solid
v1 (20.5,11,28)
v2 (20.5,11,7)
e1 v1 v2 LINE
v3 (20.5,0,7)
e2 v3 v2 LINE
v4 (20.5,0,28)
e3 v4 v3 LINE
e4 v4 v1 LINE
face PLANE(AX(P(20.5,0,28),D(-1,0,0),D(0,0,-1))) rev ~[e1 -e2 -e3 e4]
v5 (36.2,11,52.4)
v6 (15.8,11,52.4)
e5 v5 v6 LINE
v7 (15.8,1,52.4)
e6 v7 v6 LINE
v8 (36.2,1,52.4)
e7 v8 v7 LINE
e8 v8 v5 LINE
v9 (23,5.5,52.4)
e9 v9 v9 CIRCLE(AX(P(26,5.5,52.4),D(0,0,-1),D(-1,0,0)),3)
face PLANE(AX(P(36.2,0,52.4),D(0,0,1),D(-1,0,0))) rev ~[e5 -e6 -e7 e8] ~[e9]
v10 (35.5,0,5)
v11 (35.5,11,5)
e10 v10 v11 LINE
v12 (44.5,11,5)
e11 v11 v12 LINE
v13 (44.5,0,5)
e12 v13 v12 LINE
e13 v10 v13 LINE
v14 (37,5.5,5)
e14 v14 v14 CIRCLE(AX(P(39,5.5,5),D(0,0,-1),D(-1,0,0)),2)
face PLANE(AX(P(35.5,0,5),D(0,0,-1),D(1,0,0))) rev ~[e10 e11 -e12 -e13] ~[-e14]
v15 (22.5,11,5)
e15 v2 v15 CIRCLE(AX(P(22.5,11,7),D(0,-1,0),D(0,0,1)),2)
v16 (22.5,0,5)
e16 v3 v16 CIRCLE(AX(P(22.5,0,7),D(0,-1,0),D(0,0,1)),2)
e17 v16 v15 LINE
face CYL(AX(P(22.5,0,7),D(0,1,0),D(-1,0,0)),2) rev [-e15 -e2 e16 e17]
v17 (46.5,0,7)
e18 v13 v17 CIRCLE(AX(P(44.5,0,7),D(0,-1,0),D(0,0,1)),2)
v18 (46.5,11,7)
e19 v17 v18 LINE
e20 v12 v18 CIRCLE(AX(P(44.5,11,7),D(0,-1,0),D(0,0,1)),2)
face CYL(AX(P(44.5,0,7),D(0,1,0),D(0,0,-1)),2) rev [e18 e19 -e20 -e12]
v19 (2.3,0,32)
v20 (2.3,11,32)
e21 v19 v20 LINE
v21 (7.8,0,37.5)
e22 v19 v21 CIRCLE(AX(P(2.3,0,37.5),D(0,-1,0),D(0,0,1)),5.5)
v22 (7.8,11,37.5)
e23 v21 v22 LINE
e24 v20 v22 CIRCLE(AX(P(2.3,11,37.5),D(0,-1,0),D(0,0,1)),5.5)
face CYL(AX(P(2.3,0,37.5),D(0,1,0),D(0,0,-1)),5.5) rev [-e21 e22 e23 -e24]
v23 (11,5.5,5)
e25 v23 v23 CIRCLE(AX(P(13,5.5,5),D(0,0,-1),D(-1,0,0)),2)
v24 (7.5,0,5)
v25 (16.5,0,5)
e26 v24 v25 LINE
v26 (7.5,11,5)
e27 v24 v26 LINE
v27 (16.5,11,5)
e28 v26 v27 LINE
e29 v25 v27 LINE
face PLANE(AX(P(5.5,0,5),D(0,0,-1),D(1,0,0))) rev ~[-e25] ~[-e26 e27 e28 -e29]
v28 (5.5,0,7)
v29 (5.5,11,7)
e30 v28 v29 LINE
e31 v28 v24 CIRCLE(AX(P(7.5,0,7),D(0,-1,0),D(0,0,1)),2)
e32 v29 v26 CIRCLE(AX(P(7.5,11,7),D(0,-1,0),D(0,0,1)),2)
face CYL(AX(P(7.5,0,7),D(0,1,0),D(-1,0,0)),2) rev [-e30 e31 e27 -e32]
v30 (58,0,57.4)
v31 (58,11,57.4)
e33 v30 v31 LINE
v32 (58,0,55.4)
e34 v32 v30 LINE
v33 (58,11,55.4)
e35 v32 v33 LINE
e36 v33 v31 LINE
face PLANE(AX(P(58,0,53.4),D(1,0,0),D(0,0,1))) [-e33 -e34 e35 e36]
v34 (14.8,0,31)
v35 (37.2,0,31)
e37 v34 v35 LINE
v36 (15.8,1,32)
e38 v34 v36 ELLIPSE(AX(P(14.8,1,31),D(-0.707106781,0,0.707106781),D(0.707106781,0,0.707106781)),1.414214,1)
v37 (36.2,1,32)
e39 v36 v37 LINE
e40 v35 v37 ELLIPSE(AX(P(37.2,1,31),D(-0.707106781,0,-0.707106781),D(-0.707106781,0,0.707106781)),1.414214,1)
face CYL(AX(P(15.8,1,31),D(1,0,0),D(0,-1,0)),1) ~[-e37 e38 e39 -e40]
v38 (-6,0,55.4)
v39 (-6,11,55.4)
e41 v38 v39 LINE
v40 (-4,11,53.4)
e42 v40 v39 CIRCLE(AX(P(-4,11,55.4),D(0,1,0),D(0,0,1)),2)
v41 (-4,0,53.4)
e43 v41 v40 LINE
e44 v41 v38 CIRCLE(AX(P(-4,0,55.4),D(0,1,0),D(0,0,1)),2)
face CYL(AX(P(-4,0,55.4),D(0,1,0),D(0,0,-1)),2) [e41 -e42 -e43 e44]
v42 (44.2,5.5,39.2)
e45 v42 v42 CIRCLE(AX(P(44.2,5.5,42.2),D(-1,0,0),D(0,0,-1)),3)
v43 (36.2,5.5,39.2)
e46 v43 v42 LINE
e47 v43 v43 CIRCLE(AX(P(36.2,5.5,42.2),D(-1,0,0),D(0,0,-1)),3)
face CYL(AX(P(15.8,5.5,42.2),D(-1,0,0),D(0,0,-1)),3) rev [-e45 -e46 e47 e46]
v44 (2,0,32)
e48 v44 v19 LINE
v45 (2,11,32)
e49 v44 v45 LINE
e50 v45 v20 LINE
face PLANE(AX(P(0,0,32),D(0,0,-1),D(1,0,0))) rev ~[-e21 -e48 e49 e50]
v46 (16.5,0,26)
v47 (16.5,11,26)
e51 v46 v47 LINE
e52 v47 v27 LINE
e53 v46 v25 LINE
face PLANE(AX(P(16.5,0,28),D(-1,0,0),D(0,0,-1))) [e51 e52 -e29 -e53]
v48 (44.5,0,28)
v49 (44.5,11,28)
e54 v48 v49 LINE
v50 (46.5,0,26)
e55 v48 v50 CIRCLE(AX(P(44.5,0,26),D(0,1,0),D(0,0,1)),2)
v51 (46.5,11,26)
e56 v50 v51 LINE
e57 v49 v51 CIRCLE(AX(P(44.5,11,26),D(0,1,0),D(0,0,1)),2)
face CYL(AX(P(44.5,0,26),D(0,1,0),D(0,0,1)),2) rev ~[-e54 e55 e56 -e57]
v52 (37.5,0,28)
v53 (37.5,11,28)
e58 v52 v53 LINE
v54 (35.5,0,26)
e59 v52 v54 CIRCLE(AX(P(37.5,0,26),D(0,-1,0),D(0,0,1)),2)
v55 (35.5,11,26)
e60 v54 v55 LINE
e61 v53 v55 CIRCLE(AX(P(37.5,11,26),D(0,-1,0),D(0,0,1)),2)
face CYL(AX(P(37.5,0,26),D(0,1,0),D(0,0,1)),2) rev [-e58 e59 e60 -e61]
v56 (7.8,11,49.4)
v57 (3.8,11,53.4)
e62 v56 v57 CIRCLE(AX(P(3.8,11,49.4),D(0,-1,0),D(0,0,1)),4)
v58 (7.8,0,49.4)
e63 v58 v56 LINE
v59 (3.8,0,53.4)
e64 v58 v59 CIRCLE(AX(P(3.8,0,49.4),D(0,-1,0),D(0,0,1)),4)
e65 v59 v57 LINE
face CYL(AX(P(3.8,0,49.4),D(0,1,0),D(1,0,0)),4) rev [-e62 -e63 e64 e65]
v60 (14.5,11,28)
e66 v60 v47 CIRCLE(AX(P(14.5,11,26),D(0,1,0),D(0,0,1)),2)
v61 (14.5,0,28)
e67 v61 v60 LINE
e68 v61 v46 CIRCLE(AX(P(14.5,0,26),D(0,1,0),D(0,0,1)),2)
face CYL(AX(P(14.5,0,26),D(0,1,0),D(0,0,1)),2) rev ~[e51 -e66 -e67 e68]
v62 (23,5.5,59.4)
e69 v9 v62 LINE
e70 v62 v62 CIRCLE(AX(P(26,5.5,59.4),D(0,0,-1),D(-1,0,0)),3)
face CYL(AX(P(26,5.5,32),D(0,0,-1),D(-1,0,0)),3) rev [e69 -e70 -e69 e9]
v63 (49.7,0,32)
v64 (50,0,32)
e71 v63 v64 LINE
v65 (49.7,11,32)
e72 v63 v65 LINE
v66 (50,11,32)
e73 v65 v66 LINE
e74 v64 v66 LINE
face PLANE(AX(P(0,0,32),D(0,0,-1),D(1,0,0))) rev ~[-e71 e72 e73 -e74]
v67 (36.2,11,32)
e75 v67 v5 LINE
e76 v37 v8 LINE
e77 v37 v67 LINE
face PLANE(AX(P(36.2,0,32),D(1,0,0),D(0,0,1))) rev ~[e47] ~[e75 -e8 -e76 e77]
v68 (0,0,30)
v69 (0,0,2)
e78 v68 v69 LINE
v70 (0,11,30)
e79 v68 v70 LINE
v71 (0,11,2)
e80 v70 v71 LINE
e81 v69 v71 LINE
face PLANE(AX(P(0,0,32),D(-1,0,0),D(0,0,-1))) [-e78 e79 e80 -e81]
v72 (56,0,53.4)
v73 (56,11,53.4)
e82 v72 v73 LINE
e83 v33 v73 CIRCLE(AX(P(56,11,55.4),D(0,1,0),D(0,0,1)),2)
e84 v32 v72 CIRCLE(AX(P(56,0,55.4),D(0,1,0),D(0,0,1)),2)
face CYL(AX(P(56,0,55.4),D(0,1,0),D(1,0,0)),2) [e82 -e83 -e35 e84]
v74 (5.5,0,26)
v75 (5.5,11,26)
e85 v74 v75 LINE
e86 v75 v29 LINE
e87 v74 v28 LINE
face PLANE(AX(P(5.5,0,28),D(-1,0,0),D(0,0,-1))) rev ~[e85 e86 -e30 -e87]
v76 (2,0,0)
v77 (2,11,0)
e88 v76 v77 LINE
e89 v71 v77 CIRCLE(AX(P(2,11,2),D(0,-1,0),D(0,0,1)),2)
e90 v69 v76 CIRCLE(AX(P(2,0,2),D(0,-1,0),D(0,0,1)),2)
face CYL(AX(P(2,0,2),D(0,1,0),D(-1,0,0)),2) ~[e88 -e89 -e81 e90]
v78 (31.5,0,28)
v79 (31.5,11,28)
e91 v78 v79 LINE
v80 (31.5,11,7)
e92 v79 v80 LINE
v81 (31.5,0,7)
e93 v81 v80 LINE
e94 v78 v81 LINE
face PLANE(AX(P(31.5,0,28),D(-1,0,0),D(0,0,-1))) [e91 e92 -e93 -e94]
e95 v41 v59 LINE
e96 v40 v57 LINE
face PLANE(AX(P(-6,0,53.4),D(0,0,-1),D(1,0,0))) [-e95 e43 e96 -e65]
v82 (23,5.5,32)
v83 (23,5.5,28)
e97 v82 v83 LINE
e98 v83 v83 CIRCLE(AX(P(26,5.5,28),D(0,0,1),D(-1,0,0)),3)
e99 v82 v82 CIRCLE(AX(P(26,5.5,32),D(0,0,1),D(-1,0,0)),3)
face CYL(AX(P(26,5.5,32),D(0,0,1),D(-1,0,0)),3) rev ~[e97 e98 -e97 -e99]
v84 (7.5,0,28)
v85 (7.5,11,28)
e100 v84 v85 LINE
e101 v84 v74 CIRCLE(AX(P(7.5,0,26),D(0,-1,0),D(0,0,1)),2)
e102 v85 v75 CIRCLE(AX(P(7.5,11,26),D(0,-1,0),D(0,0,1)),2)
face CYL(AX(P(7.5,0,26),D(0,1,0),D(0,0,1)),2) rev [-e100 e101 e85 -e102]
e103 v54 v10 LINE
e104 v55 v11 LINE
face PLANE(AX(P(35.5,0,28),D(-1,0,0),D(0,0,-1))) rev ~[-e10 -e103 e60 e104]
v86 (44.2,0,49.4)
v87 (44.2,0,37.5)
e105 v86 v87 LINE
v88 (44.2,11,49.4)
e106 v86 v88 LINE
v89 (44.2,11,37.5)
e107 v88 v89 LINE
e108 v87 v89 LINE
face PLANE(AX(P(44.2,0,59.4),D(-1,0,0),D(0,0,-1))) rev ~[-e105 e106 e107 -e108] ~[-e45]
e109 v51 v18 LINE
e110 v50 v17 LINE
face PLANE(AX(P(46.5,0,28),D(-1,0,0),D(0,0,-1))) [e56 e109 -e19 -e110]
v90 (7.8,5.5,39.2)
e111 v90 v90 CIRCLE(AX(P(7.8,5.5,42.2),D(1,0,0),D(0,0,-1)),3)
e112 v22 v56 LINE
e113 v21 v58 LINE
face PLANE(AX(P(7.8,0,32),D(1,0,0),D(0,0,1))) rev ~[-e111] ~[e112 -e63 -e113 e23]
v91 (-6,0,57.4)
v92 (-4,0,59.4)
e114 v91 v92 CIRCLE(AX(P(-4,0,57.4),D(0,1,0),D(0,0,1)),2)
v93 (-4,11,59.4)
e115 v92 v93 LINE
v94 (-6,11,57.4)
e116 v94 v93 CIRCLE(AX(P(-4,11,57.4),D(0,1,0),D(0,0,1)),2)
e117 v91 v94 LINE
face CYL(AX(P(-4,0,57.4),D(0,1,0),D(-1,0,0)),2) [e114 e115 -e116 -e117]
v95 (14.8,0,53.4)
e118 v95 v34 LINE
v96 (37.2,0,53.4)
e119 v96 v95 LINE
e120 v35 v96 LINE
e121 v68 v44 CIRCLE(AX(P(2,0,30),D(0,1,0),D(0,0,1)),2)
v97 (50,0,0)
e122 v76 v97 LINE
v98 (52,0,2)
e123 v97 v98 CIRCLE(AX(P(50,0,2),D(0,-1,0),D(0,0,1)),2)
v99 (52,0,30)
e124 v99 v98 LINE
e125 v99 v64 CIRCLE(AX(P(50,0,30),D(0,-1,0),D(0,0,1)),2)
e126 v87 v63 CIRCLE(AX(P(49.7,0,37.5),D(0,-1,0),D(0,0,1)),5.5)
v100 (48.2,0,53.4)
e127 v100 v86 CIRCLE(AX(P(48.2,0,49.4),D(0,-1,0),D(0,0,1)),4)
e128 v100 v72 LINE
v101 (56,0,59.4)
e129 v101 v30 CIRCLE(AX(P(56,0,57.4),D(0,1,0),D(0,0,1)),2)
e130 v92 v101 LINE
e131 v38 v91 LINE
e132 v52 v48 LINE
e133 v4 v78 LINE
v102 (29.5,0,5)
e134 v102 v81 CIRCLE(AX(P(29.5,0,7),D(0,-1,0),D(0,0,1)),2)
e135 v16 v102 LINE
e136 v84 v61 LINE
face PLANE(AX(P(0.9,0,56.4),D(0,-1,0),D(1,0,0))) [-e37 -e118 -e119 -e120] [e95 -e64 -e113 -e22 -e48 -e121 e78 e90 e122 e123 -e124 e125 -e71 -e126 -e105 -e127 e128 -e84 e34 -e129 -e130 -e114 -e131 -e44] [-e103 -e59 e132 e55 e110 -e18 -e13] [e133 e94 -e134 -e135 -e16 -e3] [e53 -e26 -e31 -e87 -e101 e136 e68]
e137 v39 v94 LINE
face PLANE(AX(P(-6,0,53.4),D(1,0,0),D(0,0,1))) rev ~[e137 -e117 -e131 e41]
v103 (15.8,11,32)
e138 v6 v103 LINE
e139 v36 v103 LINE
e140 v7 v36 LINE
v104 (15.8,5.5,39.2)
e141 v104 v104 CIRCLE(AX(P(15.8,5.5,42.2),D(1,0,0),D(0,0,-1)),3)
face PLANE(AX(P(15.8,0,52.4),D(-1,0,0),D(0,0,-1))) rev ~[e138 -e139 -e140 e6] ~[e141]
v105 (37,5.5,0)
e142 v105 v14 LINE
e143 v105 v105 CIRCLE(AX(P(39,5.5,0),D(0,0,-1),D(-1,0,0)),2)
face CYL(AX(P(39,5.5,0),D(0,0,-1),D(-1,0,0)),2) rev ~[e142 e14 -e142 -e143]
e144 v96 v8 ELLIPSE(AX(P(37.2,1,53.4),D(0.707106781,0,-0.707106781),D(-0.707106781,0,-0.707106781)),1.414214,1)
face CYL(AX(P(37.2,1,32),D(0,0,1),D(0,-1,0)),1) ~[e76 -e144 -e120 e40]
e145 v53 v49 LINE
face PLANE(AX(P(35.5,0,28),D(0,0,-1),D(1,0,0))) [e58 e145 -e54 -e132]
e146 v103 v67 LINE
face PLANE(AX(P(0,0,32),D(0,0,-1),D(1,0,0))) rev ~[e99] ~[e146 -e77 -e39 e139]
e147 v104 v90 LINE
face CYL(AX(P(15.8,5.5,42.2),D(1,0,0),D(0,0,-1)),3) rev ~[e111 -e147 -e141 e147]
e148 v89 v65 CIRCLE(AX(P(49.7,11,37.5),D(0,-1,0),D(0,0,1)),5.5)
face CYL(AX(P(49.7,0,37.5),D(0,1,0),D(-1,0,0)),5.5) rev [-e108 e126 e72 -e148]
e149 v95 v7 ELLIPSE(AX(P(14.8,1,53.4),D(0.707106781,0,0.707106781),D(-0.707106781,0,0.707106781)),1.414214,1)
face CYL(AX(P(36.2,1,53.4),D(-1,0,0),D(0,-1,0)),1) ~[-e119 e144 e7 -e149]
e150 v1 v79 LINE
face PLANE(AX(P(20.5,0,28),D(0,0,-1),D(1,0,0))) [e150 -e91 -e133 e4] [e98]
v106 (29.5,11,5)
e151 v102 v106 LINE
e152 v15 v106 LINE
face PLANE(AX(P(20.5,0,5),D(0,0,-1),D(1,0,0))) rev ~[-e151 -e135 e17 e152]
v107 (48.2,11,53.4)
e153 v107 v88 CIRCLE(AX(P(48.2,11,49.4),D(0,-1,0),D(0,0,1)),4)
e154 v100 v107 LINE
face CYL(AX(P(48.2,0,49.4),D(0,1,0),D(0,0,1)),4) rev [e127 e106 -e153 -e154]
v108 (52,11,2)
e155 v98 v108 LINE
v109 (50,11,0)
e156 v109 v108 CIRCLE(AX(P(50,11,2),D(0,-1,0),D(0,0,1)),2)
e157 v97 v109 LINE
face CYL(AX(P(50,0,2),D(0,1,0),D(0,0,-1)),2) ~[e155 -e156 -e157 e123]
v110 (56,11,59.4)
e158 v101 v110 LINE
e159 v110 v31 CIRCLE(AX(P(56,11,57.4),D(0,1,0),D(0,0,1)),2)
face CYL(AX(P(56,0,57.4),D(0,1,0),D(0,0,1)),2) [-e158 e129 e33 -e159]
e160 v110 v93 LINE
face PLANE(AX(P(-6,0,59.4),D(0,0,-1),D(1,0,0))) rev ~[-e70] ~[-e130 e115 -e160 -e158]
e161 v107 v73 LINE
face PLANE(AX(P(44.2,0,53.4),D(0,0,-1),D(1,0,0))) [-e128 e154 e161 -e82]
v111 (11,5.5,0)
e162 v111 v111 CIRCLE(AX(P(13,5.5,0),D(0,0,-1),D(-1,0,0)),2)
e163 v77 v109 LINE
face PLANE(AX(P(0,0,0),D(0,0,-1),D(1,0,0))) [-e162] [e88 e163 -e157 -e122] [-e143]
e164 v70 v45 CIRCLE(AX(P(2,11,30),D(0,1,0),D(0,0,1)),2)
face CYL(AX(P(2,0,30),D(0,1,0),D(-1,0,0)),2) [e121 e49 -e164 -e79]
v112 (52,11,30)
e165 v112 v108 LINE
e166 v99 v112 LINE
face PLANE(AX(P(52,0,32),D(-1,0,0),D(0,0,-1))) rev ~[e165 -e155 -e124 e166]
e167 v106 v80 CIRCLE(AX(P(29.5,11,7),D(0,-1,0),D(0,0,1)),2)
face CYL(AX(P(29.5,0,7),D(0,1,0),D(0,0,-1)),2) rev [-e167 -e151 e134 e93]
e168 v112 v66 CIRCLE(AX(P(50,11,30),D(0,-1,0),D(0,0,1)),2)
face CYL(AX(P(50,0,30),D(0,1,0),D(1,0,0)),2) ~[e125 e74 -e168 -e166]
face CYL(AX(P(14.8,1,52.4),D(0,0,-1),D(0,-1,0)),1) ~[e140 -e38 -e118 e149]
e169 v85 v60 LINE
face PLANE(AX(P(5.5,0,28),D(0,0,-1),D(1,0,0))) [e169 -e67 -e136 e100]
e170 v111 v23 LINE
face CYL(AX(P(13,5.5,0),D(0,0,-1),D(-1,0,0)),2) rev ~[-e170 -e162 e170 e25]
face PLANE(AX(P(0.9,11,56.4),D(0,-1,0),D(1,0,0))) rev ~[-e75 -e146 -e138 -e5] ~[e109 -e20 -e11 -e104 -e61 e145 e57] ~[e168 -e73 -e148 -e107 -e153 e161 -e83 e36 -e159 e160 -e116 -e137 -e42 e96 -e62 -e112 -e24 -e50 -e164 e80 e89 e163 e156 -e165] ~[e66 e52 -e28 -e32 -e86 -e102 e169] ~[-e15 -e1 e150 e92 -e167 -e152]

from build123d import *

# Parameters (mm, degrees)
SKETCH1_W                      = 52
SKETCH1_H                      = 32
SKETCH1_W_2                    = 11
SKETCH1_H_2                    = 23
BOSS_EXTRUDE1_DEPTH            = 11
CUT_EXTRUDE1_REACH             = 81.708
SKETCH2_R                      = 2
CUT_EXTRUDE2_REACH             = 72.426
SKETCH3_R                      = 3
CUT_EXTRUDE2_DIRECTION_2_REACH = 72.426
CUT_EXTRUDE3_REACH             = 64.04
SKETCH4_R                      = 3
CUT_EXTRUDE3_DIRECTION_2_REACH = 64.04
FILLET1_R                      = 2
FILLET2_R                      = 5.5
FILLET3_R                      = 1
SKETCH5_W                      = 13.8
SKETCH5_H                      = 6
BOSS_EXTRUDE2_DEPTH            = 11
FILLET4_R                      = 4
FILLET5_R                      = 2


with BuildPart() as part:
    # Sketch1 → Boss-Extrude1 (new body)
    # profile 1 of 2: a face of its own
    with BuildSketch(Plane(origin=(0, 0, 0), x_dir=(1, 0, 0), z_dir=(0, 1, 0))):
        with Locations((26, -16)):
            Rectangle(SKETCH1_W, SKETCH1_H)
        with Locations((26, -16.5)):
            Rectangle(SKETCH1_W_2, SKETCH1_H_2, mode=Mode.SUBTRACT)
        with Locations((11, -16.5)):
            Rectangle(SKETCH1_W_2, SKETCH1_H_2, mode=Mode.SUBTRACT)
        with Locations((41, -16.5)):
            Rectangle(SKETCH1_W_2, SKETCH1_H_2, mode=Mode.SUBTRACT)
    # profile 2 of 2: a face of its own
    with BuildSketch(Plane(origin=(0, 0, 0), x_dir=(1, 0, 0), z_dir=(0, 1, 0))):
        Polygon((15.8, -32), (7.8, -32), (7.8, -59.4), (44.2, -59.4), (44.2, -32), (36.2, -32), (36.2, -52.4), (15.8, -52.4), align=None)
    extrude(amount=BOSS_EXTRUDE1_DEPTH)

    # Sketch2 → Cut-Extrude1 (cut, up to next)
    with BuildSketch(Plane(origin=(0, 0, 0), x_dir=(-1, 0, 0), z_dir=(0, 0, -1)), mode=Mode.PRIVATE) as cut_extrude1_sk1:
        with Locations((-39, 5.5)):
            Circle(SKETCH2_R)
    cut_extrude1_tool1 = extrude(cut_extrude1_sk1.sketch, amount=-CUT_EXTRUDE1_REACH, mode=Mode.PRIVATE) & part.part
    # Sketch2 → Cut-Extrude1 (cut, up to next)
    with BuildSketch(Plane(origin=(0, 0, 0), x_dir=(-1, 0, 0), z_dir=(0, 0, -1)), mode=Mode.PRIVATE) as cut_extrude1_sk2:
        with Locations((-13, 5.5)):
            Circle(SKETCH2_R)
    cut_extrude1_tool2 = extrude(cut_extrude1_sk2.sketch, amount=-CUT_EXTRUDE1_REACH, mode=Mode.PRIVATE) & part.part
    add(cut_extrude1_tool1.solids().sort_by_distance((39, 5.5, 0))[0], mode=Mode.SUBTRACT)
    add(cut_extrude1_tool2.solids().sort_by_distance((13, 5.5, 0))[0], mode=Mode.SUBTRACT)

    # Sketch3 → Cut-Extrude2 (cut, up to next)
    with BuildSketch(Plane(origin=(15.8, 0, 0), x_dir=(0, 0, -1), z_dir=(1, 0, 0)), mode=Mode.PRIVATE) as cut_extrude2_sk1:
        with Locations((-42.2, 5.5)):
            Circle(SKETCH3_R)
    cut_extrude2_tool1 = extrude(cut_extrude2_sk1.sketch, amount=-CUT_EXTRUDE2_REACH, mode=Mode.PRIVATE) & part.part
    add(cut_extrude2_tool1.solids().sort_by_distance((15.8, 5.5, 42.2))[0], mode=Mode.SUBTRACT)

    # Sketch3 → Cut-Extrude2 direction 2 (cut, up to next)
    with BuildSketch(Plane(origin=(15.8, 0, 0), x_dir=(0, 0, -1), z_dir=(1, 0, 0)), mode=Mode.PRIVATE) as cut_extrude2_direction_2_sk1:
        with Locations((-42.2, 5.5)):
            Circle(SKETCH3_R)
    cut_extrude2_direction_2_tool1 = extrude(cut_extrude2_direction_2_sk1.sketch, amount=CUT_EXTRUDE2_DIRECTION_2_REACH, mode=Mode.PRIVATE) & part.part
    add(cut_extrude2_direction_2_tool1.solids().sort_by_distance((15.8, 5.5, 42.2))[0], mode=Mode.SUBTRACT)

    # Sketch4 → Cut-Extrude3 (cut, up to next)
    with BuildSketch(Plane.XY.offset(32), mode=Mode.PRIVATE) as cut_extrude3_sk1:
        with Locations(Location((26, 5.5, 0), (0, 0, 180))):
            Circle(SKETCH4_R)
    cut_extrude3_tool1 = extrude(cut_extrude3_sk1.sketch, amount=-CUT_EXTRUDE3_REACH, mode=Mode.PRIVATE) & part.part
    add(cut_extrude3_tool1.solids().sort_by_distance((26, 5.5, 32))[0], mode=Mode.SUBTRACT)

    # Sketch4 → Cut-Extrude3 direction 2 (cut, up to next)
    with BuildSketch(Plane.XY.offset(32), mode=Mode.PRIVATE) as cut_extrude3_direction_2_sk1:
        with Locations(Location((26, 5.5, 0), (0, 0, 180))):
            Circle(SKETCH4_R)
    cut_extrude3_direction_2_tool1 = extrude(cut_extrude3_direction_2_sk1.sketch, amount=CUT_EXTRUDE3_DIRECTION_2_REACH, mode=Mode.PRIVATE) & part.part
    add(cut_extrude3_direction_2_tool1.solids().sort_by_distance((26, 5.5, 32))[0], mode=Mode.SUBTRACT)

    # Fillet1
    fillet1_edges = [part.edges().sort_by_distance(p)[0] for p in [
        (35.5, 5.5, 28),
        (46.5, 5.5, 28),
        (46.5, 5.5, 5),
        (5.5, 5.5, 5),
        (5.5, 5.5, 28),
        (16.5, 5.5, 28),
        (20.5, 5.5, 5),
        (31.5, 5.5, 5),
        (52, 5.5, 32),
        (0, 5.5, 32),
        (0, 5.5, 0),
        (52, 5.5, 0),
    ]]
    fillet(fillet1_edges, radius=FILLET1_R)

    # Fillet2
    fillet2_edges = [part.edges().sort_by_distance(p)[0] for p in [
        (44.2, 5.5, 32),
        (7.8, 5.5, 32),
    ]]
    fillet(fillet2_edges, radius=FILLET2_R)

    # Fillet3
    fillet3_edges = [part.edges().sort_by_distance(p)[0] for p in [
        (26, 0, 52.4),
        (36.2, 0, 42.2),
        (26, 0, 32),
        (15.8, 0, 42.2),
    ]]
    fillet(fillet3_edges, radius=FILLET3_R)

    # Sketch5 → Boss-Extrude2 (add)
    with BuildSketch(Plane.XZ):
        with Locations((0.9, 56.4)):
            Rectangle(SKETCH5_W, SKETCH5_H)
        with Locations((51.1, 56.4)):
            Rectangle(SKETCH5_W, SKETCH5_H)
    extrude(amount=-BOSS_EXTRUDE2_DEPTH)

    # Fillet4
    fillet4_edges = [part.edges().sort_by_distance(p)[0] for p in [
        (7.8, 5.5, 53.4),
        (44.2, 5.5, 53.4),
    ]]
    fillet(fillet4_edges, radius=FILLET4_R)

    # Fillet5
    fillet5_edges = [part.edges().sort_by_distance(p)[0] for p in [
        (-6, 5.5, 53.4),
        (-6, 5.5, 59.4),
        (58, 5.5, 59.4),
        (58, 5.5, 53.4),
    ]]
    fillet(fillet5_edges, radius=FILLET5_R)


solid = part.part
